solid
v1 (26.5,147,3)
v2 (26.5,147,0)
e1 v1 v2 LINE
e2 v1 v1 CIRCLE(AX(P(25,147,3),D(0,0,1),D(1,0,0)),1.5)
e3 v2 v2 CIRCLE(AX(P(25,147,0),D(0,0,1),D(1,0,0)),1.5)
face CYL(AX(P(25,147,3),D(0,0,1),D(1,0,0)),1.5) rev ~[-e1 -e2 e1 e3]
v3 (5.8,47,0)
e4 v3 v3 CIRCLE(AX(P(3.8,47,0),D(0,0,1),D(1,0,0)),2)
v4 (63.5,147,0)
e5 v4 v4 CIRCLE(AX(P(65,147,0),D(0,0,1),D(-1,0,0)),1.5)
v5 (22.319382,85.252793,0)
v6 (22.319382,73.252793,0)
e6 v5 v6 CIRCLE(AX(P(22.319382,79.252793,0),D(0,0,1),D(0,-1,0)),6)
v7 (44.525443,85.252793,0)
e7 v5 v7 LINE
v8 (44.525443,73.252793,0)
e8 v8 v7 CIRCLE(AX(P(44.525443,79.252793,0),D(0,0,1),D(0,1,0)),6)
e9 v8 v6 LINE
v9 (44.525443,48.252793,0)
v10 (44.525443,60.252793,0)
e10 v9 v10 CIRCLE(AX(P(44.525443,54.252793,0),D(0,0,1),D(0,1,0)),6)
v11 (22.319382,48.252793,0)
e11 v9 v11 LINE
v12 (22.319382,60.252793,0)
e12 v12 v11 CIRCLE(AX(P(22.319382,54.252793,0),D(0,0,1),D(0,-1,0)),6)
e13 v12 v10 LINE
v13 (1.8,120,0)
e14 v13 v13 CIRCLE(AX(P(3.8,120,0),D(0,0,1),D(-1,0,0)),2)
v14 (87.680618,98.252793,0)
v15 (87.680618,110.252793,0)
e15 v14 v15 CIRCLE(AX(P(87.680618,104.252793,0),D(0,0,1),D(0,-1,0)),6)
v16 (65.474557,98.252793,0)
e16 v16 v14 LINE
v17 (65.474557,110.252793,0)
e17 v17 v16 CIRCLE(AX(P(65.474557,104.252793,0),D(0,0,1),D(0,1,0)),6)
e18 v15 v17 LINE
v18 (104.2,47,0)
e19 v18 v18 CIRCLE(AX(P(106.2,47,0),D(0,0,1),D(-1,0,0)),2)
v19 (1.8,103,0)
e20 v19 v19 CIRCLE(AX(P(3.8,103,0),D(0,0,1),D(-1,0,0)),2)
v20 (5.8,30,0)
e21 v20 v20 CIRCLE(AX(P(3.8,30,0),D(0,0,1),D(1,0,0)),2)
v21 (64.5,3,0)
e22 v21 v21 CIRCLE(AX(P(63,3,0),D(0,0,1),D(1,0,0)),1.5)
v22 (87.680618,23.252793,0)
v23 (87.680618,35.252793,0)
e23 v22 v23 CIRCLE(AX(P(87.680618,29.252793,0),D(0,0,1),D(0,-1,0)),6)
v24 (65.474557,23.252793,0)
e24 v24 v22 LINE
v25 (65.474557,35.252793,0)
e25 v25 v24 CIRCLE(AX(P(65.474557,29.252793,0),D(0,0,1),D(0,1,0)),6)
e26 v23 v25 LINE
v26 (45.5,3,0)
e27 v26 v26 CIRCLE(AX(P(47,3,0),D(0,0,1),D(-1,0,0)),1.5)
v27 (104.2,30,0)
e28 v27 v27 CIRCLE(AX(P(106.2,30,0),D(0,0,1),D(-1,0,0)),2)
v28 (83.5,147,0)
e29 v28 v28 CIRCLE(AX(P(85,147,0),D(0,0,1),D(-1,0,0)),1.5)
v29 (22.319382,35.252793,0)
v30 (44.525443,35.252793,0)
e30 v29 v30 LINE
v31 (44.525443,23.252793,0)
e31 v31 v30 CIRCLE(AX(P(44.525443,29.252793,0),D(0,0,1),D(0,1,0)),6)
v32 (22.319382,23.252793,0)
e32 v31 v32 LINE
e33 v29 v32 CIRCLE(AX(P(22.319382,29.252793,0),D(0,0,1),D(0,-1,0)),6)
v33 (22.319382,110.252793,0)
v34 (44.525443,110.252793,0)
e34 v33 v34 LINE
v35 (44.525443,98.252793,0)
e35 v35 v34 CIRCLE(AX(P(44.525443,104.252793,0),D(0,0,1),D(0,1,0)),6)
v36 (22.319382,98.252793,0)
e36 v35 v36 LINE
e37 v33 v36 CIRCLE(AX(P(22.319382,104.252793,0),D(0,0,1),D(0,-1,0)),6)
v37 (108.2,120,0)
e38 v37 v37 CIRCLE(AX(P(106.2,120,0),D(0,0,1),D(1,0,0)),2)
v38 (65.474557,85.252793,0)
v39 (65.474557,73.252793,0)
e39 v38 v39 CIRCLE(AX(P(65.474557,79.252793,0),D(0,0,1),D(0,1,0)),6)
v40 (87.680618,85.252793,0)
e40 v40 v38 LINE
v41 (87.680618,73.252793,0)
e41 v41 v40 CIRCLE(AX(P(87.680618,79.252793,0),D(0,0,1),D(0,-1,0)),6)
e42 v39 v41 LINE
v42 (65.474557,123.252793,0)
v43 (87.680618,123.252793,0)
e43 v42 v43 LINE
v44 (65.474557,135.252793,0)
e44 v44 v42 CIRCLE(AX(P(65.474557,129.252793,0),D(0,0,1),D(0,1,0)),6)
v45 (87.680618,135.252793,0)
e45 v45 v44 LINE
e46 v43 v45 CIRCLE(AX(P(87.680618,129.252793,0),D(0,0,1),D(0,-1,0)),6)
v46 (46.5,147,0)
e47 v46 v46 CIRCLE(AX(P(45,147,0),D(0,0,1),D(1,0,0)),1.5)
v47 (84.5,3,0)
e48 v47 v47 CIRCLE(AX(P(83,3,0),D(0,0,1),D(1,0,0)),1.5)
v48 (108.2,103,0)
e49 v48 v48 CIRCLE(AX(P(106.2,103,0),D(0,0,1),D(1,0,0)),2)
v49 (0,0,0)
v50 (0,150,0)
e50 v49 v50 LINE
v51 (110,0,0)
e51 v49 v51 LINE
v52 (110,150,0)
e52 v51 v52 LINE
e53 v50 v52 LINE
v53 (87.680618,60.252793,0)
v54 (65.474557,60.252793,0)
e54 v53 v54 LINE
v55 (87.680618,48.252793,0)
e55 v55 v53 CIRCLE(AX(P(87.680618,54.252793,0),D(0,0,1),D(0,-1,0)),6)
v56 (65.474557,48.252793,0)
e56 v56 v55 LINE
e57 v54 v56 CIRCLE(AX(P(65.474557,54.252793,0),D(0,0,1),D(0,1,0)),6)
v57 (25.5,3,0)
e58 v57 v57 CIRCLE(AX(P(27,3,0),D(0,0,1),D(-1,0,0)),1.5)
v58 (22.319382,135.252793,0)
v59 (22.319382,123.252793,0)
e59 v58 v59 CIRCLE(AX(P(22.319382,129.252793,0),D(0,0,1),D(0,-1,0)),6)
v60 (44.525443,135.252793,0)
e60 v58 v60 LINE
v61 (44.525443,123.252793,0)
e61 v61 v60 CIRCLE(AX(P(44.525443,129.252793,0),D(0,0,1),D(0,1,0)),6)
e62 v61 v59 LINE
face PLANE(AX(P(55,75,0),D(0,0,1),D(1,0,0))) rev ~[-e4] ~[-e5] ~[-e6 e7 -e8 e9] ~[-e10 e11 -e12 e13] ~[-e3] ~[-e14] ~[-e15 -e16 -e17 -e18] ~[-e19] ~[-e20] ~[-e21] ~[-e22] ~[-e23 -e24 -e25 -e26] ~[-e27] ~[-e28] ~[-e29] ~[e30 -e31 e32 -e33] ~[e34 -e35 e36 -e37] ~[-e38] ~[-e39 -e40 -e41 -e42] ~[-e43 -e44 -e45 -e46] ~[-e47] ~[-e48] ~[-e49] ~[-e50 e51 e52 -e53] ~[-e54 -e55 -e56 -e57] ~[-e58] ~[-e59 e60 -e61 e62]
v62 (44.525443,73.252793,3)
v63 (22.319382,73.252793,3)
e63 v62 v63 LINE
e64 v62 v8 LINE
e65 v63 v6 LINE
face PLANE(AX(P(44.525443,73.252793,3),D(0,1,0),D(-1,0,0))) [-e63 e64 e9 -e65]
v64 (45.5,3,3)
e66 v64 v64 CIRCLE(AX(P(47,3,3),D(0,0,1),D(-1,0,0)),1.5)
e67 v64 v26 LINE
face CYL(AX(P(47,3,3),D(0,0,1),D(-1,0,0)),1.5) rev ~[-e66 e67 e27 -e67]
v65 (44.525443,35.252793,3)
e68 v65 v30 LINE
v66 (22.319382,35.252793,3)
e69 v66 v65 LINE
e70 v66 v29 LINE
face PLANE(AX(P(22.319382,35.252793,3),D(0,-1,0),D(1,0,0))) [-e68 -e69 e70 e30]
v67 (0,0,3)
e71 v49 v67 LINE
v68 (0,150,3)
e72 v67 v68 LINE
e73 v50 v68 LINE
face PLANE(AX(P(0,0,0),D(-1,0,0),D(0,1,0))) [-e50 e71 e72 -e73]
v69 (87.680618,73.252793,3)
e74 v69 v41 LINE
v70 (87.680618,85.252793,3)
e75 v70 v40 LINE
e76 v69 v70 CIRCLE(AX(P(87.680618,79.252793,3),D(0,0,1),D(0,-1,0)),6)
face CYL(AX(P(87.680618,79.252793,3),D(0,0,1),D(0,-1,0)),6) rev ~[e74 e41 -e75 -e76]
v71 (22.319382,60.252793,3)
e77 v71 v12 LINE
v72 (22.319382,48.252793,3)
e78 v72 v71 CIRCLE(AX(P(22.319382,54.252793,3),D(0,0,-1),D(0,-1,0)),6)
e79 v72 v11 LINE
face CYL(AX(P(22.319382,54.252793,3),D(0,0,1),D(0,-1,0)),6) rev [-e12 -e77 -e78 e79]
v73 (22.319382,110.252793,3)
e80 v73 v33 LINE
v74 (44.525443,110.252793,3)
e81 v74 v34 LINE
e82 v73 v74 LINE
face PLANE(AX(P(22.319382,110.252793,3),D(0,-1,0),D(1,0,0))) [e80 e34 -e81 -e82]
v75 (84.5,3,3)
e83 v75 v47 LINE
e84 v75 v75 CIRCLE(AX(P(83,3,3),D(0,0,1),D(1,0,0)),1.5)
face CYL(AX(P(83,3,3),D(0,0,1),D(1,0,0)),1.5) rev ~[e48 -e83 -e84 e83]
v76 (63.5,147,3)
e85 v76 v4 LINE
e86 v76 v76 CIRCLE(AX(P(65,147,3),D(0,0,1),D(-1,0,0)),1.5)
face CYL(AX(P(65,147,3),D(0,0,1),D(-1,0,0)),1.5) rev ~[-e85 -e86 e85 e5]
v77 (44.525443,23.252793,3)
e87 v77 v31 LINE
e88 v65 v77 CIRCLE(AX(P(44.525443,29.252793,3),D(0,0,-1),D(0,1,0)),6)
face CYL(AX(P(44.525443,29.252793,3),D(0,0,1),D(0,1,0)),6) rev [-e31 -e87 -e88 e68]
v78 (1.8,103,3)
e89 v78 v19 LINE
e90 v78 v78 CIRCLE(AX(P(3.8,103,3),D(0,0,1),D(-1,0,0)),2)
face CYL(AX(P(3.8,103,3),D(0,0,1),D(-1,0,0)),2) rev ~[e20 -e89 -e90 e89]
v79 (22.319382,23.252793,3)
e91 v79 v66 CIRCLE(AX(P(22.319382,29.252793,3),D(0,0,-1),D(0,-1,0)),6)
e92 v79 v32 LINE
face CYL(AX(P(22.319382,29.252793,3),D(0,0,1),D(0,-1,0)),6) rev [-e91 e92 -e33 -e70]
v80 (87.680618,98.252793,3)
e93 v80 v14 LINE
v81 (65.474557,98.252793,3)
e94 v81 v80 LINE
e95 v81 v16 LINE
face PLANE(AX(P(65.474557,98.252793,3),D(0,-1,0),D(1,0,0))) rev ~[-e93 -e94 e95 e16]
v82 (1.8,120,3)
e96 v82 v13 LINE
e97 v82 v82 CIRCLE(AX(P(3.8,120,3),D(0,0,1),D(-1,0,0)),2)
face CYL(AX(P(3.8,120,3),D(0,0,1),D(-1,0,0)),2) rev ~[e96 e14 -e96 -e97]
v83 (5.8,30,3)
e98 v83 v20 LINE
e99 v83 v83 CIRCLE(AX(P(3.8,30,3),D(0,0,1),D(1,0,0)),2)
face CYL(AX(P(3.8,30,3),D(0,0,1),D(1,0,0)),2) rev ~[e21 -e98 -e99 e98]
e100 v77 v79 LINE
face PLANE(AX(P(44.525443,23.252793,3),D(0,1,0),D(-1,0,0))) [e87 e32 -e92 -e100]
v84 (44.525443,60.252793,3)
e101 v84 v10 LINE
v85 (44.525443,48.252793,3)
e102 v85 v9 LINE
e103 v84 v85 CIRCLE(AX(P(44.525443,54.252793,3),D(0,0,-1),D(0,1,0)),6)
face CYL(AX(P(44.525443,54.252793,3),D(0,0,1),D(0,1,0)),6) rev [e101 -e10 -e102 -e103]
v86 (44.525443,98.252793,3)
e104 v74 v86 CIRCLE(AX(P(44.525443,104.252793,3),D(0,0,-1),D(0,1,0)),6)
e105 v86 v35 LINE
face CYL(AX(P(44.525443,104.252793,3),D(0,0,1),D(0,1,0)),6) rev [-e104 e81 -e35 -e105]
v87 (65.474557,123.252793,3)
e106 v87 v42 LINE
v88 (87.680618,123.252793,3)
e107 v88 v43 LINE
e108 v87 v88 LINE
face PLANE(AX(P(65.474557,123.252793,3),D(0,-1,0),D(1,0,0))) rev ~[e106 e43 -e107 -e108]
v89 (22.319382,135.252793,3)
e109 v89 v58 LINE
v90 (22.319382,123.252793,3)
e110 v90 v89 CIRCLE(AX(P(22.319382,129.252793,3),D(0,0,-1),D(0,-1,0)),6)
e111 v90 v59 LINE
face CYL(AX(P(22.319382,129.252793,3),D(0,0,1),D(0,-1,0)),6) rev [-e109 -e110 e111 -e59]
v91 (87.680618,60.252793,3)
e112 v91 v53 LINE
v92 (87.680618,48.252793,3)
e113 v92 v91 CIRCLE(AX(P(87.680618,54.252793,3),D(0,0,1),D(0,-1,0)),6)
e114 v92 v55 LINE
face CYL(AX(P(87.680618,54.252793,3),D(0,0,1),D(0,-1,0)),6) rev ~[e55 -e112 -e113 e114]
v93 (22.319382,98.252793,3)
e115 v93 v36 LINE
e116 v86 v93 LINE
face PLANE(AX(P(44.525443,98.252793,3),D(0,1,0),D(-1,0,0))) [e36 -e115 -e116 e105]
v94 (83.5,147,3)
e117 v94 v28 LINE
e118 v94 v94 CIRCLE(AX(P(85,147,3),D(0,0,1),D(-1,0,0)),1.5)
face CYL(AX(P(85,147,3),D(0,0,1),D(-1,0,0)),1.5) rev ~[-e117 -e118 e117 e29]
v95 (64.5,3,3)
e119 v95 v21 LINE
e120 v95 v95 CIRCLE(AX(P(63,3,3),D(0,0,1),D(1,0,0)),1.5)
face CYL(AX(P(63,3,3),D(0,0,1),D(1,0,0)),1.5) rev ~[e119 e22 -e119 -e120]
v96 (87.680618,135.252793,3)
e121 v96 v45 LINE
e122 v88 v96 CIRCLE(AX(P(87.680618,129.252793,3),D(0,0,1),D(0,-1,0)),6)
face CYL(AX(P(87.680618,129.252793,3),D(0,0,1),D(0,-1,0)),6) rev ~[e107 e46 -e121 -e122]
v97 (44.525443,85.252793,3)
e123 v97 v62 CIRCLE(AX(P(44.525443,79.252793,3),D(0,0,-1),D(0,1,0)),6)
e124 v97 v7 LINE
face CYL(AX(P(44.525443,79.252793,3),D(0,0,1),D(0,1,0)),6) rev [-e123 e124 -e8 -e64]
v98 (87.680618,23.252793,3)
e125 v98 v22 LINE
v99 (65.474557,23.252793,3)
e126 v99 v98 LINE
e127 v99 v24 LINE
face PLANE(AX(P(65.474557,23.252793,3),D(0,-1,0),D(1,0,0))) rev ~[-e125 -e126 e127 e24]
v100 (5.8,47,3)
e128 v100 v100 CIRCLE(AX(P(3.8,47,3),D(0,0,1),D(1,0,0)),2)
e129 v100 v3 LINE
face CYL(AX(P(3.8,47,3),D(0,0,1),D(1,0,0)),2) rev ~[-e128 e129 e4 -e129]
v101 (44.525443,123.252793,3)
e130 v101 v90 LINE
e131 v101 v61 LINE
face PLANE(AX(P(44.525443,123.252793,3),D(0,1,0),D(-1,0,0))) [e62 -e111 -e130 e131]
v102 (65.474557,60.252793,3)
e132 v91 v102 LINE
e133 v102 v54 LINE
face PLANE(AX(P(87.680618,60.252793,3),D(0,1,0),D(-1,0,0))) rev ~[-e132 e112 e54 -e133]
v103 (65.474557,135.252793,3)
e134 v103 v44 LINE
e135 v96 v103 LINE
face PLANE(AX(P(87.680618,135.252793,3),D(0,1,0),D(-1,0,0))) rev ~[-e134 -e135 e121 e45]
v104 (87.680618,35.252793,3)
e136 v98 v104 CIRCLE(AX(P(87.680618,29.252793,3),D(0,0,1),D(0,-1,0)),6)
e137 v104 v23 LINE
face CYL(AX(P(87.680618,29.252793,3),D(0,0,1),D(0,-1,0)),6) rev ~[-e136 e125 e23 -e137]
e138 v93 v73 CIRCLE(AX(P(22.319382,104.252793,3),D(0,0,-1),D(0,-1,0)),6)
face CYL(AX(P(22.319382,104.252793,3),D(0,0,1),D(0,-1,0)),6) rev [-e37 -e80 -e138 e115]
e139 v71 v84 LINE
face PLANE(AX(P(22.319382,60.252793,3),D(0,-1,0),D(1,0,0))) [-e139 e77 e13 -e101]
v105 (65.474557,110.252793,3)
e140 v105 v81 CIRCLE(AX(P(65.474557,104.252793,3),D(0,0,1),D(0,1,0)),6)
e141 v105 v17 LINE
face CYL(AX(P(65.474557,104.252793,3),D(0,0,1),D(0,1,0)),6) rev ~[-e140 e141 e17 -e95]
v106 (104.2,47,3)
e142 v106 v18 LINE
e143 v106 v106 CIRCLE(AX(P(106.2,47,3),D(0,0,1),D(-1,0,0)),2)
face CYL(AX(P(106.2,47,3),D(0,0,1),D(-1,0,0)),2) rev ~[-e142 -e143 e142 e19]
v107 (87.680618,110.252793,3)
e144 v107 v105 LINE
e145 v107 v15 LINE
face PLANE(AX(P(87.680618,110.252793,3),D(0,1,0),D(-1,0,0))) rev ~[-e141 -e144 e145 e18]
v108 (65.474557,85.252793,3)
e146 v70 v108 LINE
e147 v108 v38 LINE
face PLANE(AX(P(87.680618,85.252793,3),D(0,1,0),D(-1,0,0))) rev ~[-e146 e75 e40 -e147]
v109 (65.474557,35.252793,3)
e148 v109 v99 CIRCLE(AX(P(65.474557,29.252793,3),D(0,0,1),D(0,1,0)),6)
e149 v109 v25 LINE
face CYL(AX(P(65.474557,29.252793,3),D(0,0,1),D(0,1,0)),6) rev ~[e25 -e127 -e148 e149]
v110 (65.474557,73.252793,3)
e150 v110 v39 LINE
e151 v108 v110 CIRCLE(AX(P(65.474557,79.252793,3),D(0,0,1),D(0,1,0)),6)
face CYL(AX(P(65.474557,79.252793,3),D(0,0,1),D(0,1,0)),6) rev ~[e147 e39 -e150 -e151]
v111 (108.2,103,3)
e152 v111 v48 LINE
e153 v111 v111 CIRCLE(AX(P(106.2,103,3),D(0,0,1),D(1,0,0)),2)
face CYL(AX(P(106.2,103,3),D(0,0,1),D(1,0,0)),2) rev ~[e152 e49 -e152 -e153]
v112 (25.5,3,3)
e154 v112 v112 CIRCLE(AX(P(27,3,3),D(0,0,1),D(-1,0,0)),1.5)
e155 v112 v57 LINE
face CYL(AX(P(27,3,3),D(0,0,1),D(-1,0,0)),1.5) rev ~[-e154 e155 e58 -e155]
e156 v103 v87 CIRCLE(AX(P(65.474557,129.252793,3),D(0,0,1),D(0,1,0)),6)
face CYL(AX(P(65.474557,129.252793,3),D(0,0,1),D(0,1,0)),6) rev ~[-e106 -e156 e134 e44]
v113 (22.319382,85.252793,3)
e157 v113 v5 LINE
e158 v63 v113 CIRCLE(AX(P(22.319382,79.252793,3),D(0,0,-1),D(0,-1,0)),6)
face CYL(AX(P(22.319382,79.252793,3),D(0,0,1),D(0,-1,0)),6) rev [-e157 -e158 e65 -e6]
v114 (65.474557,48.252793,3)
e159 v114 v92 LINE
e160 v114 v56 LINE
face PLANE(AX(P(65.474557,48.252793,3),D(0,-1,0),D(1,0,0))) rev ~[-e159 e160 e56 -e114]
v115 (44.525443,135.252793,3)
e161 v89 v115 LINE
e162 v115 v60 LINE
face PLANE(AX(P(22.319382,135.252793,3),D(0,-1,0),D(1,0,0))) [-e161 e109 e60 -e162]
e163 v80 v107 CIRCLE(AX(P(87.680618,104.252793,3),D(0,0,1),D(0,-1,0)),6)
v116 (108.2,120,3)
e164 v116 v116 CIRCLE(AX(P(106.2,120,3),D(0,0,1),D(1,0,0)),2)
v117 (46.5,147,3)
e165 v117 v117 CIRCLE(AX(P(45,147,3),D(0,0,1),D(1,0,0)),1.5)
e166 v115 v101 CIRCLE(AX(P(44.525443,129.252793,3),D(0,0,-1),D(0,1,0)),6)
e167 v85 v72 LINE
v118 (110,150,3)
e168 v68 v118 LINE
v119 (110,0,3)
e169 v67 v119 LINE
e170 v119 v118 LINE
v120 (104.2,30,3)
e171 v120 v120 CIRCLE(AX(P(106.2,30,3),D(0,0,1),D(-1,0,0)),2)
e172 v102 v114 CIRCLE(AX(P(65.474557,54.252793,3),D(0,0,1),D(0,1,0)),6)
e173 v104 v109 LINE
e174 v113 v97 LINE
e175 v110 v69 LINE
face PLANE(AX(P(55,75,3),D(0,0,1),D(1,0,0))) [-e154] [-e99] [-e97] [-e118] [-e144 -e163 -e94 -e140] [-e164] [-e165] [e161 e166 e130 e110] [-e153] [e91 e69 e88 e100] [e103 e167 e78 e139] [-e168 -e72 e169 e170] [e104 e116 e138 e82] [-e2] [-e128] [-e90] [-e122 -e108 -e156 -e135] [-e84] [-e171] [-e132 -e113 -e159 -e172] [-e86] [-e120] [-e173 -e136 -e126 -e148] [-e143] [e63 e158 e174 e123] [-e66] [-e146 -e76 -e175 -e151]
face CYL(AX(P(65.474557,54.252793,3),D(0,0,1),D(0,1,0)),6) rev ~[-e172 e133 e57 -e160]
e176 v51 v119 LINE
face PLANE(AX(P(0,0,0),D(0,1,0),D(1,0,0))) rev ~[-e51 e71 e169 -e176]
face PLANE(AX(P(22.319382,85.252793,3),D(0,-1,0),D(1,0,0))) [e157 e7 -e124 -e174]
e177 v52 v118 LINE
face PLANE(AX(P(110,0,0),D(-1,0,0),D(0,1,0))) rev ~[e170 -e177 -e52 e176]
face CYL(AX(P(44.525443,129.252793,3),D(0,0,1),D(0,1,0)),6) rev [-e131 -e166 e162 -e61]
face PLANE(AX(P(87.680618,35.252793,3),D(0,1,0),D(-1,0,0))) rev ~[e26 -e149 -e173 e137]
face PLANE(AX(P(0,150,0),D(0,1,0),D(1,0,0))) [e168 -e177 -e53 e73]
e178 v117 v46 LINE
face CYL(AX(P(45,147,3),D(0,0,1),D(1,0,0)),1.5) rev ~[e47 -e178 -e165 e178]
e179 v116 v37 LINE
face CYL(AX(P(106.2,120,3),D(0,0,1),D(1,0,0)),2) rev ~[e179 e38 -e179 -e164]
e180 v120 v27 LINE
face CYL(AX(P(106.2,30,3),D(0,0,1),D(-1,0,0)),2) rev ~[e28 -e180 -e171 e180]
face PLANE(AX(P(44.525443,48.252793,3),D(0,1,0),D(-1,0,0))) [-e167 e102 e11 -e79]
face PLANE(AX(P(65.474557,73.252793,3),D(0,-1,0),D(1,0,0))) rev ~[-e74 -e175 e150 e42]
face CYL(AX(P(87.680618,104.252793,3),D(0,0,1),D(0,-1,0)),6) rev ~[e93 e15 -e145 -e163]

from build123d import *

# Parameters (mm, degrees)
SKETCH_1_W          = 110
SKETCH_1_H          = 150
EXTRUDE_1_DEPTH     = 3
SKETCH_2_R          = 1.5
CUT_EXTRUDE_1_DEPTH = 3
SKETCH_3_R          = 2
CUT_EXTRUDE_2_DEPTH = 187.034942954
SKETCH_4_R          = 1.5
CUT_EXTRUDE_3_DEPTH = 187.034942954
CUT_EXTRUDE_4_DEPTH = 10


with BuildPart() as part:
    # 草图1 → 凸台-拉伸1 (new body)
    with BuildSketch(Plane.XY):
        with Locations((55, 75)):
            Rectangle(SKETCH_1_W, SKETCH_1_H)
    extrude(amount=EXTRUDE_1_DEPTH)

    # 草图2 → 切除-拉伸1 (cut)
    with BuildSketch(Plane.XY.offset(3)):
        with Locations((45, 147)):
            Circle(SKETCH_2_R)
        with Locations((25, 147)):
            Circle(SKETCH_2_R)
        with Locations(Location((85, 147, 0), (0, 0, 180))):
            Circle(SKETCH_2_R)
        with Locations(Location((65, 147, 0), (0, 0, 180))):
            Circle(SKETCH_2_R)
    extrude(amount=-CUT_EXTRUDE_1_DEPTH, mode=Mode.SUBTRACT)

    # 草图3 → 切除-拉伸2 (cut, through all)
    with BuildSketch(Plane.XY.offset(3)):
        with Locations((3.8, 47)):
            Circle(SKETCH_3_R)
        with Locations((3.8, 30)):
            Circle(SKETCH_3_R)
        with Locations(Location((106.2, 30, 0), (0, 0, 180))):
            Circle(SKETCH_3_R)
        with Locations(Location((106.2, 47, 0), (0, 0, 180))):
            Circle(SKETCH_3_R)
        with Locations((106.2, 103)):
            Circle(SKETCH_3_R)
        with Locations((106.2, 120)):
            Circle(SKETCH_3_R)
        with Locations(Location((3.8, 120, 0), (0, 0, 180))):
            Circle(SKETCH_3_R)
        with Locations(Location((3.8, 103, 0), (0, 0, 180))):
            Circle(SKETCH_3_R)
    extrude(amount=-CUT_EXTRUDE_2_DEPTH, mode=Mode.SUBTRACT)

    # 草图4 → 切除-拉伸3 (cut, through all)
    with BuildSketch(Plane.XY.offset(3)):
        with Locations((63, 3)):
            Circle(SKETCH_4_R)
        with Locations((83, 3)):
            Circle(SKETCH_4_R)
        with Locations(Location((27, 3, 0), (0, 0, 180))):
            Circle(SKETCH_4_R)
        with Locations(Location((47, 3, 0), (0, 0, 180))):
            Circle(SKETCH_4_R)
    extrude(amount=-CUT_EXTRUDE_3_DEPTH, mode=Mode.SUBTRACT)

    # 草图5 → 切除-拉伸4 (cut)
    with BuildSketch(Plane.XY.offset(3)):
        with BuildLine():
            Line((22.319382164, 135.252792574), (44.525443001, 135.252792574))
            ThreePointArc((44.525443001, 135.252792574), (50.525443001, 129.252792574), (44.525443001, 123.252792574))
            Line((44.525443001, 123.252792574), (22.319382164, 123.252792574))
            ThreePointArc((22.319382164, 123.252792574), (16.319382164, 129.252792574), (22.319382164, 135.252792574))
        make_face()
        with BuildLine():
            Line((22.319382164, 110.252792574), (44.525443001, 110.252792574))
            ThreePointArc((44.525443001, 110.252792574), (50.525443001, 104.252792574), (44.525443001, 98.252792574))
            Line((44.525443001, 98.252792574), (22.319382164, 98.252792574))
            ThreePointArc((22.319382164, 98.252792574), (16.319382164, 104.252792574), (22.319382164, 110.252792574))
        make_face()
        with BuildLine():
            Line((22.319382164, 85.252792574), (44.525443001, 85.252792574))
            ThreePointArc((44.525443001, 85.252792574), (50.525443001, 79.252792574), (44.525443001, 73.252792574))
            Line((44.525443001, 73.252792574), (22.319382164, 73.252792574))
            ThreePointArc((22.319382164, 73.252792574), (16.319382164, 79.252792574), (22.319382164, 85.252792574))
        make_face()
        with BuildLine():
            Line((22.319382164, 60.252792574), (44.525443001, 60.252792574))
            ThreePointArc((44.525443001, 60.252792574), (50.525443001, 54.252792574), (44.525443001, 48.252792574))
            Line((44.525443001, 48.252792574), (22.319382164, 48.252792574))
            ThreePointArc((22.319382164, 48.252792574), (16.319382164, 54.252792574), (22.319382164, 60.252792574))
        make_face()
        with BuildLine():
            Line((22.319382164, 35.252792574), (44.525443001, 35.252792574))
            ThreePointArc((44.525443001, 35.252792574), (50.525443001, 29.252792574), (44.525443001, 23.252792574))
            Line((44.525443001, 23.252792574), (22.319382164, 23.252792574))
            ThreePointArc((22.319382164, 23.252792574), (16.319382164, 29.252792574), (22.319382164, 35.252792574))
        make_face()
        with BuildLine():
            Line((87.680617836, 35.252792574), (65.474556999, 35.252792574))
            ThreePointArc((65.474556999, 35.252792574), (59.474556999, 29.252792574), (65.474556999, 23.252792574))
            Line((65.474556999, 23.252792574), (87.680617836, 23.252792574))
            ThreePointArc((87.680617836, 23.252792574), (93.680617836, 29.252792574), (87.680617836, 35.252792574))
        make_face()
        with BuildLine():
            Line((87.680617836, 60.252792574), (65.474556999, 60.252792574))
            ThreePointArc((65.474556999, 60.252792574), (59.474556999, 54.252792574), (65.474556999, 48.252792574))
            Line((65.474556999, 48.252792574), (87.680617836, 48.252792574))
            ThreePointArc((87.680617836, 48.252792574), (93.680617836, 54.252792574), (87.680617836, 60.252792574))
        make_face()
        with BuildLine():
            Line((87.680617836, 85.252792574), (65.474556999, 85.252792574))
            ThreePointArc((65.474556999, 85.252792574), (59.474556999, 79.252792574), (65.474556999, 73.252792574))
            Line((65.474556999, 73.252792574), (87.680617836, 73.252792574))
            ThreePointArc((87.680617836, 73.252792574), (93.680617836, 79.252792574), (87.680617836, 85.252792574))
        make_face()
        with BuildLine():
            Line((87.680617836, 110.252792574), (65.474556999, 110.252792574))
            ThreePointArc((65.474556999, 110.252792574), (59.474556999, 104.252792574), (65.474556999, 98.252792574))
            Line((65.474556999, 98.252792574), (87.680617836, 98.252792574))
            ThreePointArc((87.680617836, 98.252792574), (93.680617836, 104.252792574), (87.680617836, 110.252792574))
        make_face()
        with BuildLine():
            Line((87.680617836, 135.252792574), (65.474556999, 135.252792574))
            ThreePointArc((65.474556999, 135.252792574), (59.474556999, 129.252792574), (65.474556999, 123.252792574))
            Line((65.474556999, 123.252792574), (87.680617836, 123.252792574))
            ThreePointArc((87.680617836, 123.252792574), (93.680617836, 129.252792574), (87.680617836, 135.252792574))
        make_face()
    extrude(amount=-CUT_EXTRUDE_4_DEPTH, mode=Mode.SUBTRACT)


solid = part.part
